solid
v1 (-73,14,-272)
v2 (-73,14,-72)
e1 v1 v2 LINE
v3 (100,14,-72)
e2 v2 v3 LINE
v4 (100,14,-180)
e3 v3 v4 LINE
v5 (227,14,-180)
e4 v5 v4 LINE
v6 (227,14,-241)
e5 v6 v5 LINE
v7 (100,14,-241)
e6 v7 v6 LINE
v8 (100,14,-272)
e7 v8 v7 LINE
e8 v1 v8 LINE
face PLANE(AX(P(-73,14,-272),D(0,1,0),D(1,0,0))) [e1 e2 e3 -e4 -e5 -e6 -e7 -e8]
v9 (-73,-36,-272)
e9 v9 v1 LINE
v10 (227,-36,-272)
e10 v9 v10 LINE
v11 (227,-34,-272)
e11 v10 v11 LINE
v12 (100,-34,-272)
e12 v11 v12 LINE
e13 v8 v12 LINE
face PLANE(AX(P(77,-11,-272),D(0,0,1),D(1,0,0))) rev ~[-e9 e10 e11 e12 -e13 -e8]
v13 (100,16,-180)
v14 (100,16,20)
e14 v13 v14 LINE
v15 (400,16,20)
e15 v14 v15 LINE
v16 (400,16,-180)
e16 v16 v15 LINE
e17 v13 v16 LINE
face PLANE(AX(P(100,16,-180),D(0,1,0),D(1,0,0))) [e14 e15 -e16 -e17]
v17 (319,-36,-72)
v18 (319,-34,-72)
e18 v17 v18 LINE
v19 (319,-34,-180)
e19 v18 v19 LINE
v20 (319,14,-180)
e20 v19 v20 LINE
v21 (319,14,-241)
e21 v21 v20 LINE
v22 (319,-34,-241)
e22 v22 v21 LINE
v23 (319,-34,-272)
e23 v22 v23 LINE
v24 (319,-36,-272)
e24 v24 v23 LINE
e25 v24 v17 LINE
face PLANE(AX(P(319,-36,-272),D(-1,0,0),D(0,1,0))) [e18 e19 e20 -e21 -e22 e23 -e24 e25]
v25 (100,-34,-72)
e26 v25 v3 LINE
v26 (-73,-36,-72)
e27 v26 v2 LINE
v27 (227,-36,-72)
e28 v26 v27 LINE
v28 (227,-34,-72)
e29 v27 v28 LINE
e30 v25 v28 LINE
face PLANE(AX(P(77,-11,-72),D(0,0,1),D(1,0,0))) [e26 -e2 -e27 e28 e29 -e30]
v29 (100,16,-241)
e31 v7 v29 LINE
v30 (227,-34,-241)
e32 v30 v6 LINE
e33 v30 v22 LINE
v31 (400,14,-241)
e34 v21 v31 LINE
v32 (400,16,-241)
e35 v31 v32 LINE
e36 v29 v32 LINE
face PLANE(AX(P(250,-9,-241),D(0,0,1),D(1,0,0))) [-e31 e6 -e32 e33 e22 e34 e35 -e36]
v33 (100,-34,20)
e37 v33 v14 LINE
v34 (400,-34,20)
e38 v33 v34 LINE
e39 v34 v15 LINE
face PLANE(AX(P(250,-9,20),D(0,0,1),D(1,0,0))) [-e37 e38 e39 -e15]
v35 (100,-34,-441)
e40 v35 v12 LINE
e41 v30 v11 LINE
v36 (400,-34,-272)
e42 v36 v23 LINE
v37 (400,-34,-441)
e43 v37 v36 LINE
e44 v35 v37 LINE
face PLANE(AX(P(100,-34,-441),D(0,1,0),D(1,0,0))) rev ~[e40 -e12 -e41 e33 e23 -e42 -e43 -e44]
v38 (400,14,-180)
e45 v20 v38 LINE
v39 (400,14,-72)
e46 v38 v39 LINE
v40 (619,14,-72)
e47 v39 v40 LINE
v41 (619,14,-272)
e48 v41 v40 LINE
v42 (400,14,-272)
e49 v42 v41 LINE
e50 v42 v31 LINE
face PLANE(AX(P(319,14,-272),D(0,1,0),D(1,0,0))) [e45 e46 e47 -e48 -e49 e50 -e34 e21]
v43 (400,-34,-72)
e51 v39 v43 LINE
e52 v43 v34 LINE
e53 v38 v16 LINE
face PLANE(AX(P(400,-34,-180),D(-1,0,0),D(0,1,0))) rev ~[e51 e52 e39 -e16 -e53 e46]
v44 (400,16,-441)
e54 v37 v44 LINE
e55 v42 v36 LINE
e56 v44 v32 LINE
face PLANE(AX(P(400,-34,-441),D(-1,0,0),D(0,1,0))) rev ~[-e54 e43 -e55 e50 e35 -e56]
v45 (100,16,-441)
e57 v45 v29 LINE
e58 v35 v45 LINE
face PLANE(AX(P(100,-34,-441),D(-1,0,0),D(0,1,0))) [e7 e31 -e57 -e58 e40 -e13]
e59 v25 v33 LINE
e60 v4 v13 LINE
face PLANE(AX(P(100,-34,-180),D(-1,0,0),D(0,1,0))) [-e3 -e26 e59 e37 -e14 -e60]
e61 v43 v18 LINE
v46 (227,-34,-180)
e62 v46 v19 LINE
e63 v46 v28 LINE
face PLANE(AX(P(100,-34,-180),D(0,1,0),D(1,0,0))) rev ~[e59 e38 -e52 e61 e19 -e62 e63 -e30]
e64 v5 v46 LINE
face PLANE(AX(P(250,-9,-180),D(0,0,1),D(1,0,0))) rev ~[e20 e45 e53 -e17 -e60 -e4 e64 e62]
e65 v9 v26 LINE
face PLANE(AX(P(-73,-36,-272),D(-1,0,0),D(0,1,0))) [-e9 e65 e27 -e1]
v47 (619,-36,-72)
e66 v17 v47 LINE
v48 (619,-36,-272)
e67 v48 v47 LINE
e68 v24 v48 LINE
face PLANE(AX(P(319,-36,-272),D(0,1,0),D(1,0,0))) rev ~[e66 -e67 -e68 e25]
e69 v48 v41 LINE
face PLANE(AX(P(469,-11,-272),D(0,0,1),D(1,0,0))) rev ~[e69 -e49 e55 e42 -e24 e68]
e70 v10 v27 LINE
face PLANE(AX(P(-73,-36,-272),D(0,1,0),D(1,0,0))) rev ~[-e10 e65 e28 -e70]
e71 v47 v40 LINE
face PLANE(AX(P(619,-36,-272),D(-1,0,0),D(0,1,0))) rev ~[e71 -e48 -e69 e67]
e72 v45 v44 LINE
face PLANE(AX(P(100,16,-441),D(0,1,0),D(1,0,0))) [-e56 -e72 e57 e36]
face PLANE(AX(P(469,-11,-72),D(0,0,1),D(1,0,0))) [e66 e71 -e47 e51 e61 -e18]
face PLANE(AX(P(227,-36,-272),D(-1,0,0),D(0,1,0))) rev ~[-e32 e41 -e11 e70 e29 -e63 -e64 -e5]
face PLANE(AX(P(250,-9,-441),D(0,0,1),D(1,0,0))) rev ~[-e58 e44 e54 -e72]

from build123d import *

# Parameters (mm, degrees)
BOX026_W     = 300
BOX026_H     = 50
BOX026_DEPTH = 200
BOX028_W     = 300
BOX028_H     = 50
BOX028_DEPTH = 200
BOX027_W     = 300
BOX027_H     = 50
BOX027_DEPTH = 200
BOX029_W     = 300
BOX029_H     = 50
BOX029_DEPTH = 200


with BuildPart() as cube026:
    # Box026 → Box026 (new body)
    with BuildSketch(Plane(origin=(100, -34, -180), x_dir=(1, 0, 0), z_dir=(0, 0, 1))):
        with Locations((150, 25)):
            Rectangle(BOX026_W, BOX026_H)
    extrude(amount=BOX026_DEPTH)


with BuildPart() as cube028:
    # Box028 → Box028 (new body)
    with BuildSketch(Plane(origin=(-73, -36, -272), x_dir=(1, 0, 0), z_dir=(0, 0, 1))):
        with Locations((150, 25)):
            Rectangle(BOX028_W, BOX028_H)
    extrude(amount=BOX028_DEPTH)


with BuildPart() as cube027:
    # Box027 → Box027 (new body)
    with BuildSketch(Plane(origin=(100, -34, -441), x_dir=(1, 0, 0), z_dir=(0, 0, 1))):
        with Locations((150, 25)):
            Rectangle(BOX027_W, BOX027_H)
    extrude(amount=BOX027_DEPTH)


with BuildPart() as fusion011012:
    # Box029 → Box029 (new body)
    with BuildSketch(Plane(origin=(319, -36, -272), x_dir=(1, 0, 0), z_dir=(0, 0, 1))):
        with Locations((150, 25)):
            Rectangle(BOX029_W, BOX029_H)
    extrude(amount=BOX029_DEPTH)

    # Fusion011012: union Cube026, Cube028, Cube027
    add(cube026.part)
    add(cube028.part)
    add(cube027.part)


solid = fusion011012.part
